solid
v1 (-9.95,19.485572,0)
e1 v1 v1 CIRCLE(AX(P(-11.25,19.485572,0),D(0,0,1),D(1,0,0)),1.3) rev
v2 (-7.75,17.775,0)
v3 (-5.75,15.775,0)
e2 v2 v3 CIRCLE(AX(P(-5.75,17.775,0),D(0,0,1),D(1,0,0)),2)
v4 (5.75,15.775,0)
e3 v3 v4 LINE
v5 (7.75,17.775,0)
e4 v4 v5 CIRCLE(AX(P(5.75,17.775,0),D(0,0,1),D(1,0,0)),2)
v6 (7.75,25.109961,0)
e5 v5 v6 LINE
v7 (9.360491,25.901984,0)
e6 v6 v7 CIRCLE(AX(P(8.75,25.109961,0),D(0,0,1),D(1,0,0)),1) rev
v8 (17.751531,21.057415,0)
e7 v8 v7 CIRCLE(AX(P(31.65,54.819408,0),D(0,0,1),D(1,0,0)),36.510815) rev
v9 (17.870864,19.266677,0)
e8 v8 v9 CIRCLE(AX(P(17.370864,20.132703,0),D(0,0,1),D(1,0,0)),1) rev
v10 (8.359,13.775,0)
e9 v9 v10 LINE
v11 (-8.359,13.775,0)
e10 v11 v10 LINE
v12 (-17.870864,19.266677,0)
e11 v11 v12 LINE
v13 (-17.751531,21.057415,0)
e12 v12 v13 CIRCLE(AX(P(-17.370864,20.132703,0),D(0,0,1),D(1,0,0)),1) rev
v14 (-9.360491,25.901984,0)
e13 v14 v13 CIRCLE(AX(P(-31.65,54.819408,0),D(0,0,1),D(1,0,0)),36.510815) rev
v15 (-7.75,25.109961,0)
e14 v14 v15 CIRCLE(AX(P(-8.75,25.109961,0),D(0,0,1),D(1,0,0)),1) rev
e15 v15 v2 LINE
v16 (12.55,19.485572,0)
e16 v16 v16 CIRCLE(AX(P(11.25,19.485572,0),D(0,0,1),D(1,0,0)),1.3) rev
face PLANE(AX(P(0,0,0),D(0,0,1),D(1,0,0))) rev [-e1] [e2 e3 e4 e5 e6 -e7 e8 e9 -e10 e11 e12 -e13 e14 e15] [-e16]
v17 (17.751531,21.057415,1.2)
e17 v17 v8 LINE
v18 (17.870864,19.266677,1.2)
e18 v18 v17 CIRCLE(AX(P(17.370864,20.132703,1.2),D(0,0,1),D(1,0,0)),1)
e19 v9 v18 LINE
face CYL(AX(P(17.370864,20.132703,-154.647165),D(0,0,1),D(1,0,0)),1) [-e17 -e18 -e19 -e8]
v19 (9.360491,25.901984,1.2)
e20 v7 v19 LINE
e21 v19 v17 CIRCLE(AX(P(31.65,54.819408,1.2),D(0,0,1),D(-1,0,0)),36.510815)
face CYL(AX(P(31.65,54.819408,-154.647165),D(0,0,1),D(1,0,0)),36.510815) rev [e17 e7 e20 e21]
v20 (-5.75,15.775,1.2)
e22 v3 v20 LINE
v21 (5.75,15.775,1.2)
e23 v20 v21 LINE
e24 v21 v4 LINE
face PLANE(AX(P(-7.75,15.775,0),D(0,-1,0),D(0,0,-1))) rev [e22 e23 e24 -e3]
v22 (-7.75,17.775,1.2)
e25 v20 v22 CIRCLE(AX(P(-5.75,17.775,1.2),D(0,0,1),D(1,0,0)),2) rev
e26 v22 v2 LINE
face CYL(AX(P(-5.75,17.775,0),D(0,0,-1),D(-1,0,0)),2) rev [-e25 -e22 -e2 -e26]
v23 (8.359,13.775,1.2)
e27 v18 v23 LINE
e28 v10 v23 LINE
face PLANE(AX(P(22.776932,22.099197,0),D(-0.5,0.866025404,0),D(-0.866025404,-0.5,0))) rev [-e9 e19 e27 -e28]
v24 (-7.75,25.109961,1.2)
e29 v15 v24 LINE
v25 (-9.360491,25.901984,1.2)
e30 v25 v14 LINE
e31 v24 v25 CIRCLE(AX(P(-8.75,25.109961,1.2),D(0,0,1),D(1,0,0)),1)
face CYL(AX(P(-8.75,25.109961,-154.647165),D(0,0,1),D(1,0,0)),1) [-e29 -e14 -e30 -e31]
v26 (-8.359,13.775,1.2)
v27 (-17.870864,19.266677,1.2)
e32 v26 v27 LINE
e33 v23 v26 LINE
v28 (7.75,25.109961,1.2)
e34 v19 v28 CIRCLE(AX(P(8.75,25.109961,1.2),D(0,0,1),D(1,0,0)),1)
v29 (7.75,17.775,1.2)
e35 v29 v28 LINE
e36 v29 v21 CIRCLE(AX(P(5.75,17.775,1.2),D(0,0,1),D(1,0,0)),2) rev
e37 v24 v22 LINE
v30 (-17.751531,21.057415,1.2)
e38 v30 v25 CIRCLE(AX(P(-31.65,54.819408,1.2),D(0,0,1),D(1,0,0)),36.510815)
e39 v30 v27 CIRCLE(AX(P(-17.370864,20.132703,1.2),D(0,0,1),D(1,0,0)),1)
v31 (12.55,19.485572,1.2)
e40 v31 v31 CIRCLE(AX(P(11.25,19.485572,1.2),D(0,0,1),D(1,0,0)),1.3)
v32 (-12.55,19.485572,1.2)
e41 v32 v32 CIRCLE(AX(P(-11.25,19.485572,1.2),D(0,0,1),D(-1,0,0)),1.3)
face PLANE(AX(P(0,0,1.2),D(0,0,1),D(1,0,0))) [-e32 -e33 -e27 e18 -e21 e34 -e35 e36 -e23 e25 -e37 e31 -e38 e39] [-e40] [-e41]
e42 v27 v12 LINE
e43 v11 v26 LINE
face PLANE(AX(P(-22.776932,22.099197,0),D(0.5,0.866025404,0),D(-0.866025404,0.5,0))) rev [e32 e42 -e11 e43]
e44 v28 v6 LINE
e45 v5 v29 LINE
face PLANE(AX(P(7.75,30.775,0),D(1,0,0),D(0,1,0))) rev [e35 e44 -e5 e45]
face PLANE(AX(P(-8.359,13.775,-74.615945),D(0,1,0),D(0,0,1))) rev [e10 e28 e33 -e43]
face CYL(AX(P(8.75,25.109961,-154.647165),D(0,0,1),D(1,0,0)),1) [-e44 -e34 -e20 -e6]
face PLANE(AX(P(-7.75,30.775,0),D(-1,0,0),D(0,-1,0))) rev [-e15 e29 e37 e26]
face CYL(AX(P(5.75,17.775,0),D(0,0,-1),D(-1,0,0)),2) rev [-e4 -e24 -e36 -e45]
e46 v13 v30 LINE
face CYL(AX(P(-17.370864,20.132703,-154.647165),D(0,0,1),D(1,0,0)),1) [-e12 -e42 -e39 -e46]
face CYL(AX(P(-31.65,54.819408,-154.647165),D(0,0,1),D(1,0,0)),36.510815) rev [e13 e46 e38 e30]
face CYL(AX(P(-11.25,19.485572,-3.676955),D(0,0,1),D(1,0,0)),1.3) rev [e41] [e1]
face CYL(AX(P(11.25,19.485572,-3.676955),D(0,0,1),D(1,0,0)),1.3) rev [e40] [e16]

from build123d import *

# Parameters (mm, degrees)
SKETCH_2_R                       = 28.3
EXTRUDE_1_DEPTH                  = 1.2
CUT_EXTRUDE_1_DEPTH              = 41.04022977
FILLET_1_R                       = 2
FILLET_2_R                       = 0.2
PATTERN_CIRCULAR_2_COUNT         = 6
FILLET_1_OF_PATTERN_CIRCULAR_2_R = 2
FILLET_2_OF_PATTERN_CIRCULAR_2_R = 0.2
SKETCH_4_R                       = 1.25
SKETCH_4_R_2                     = 1.5
CUT_EXTRUDE_2_DEPTH              = 40.283043416
CUT_EXTRUDE_START                = -1.2
CUT_EXTRUDE_4_DEPTH              = 1.2
SKETCH_7_W                       = 2.25
SKETCH_7_H                       = 2.05
EXTRUDE_2_DEPTH                  = 1.2
SKETCH_8_R                       = 1.3
CUT_EXTRUDE_6_DEPTH              = 1.2
CUT_EXTRUDE_7_DEPTH              = 1.2
FILLET_4_R                       = 1


with BuildPart() as part:
    # ｽｹｯﾁ2 → ﾎﾞｽ - 押し出し1 (new body)
    with BuildSketch(Plane.XY):
        Circle(SKETCH_2_R)
    extrude(amount=EXTRUDE_1_DEPTH)

    # ｽｹｯﾁ3 → ｶｯﾄ - 押し出し1 (cut, through all)
    with BuildSketch(Plane.XY.offset(1.2)):
        Polygon((-7.75, 30.775), (7.75, 30.775), (7.75, 24.3), (10, 24.3), (10, 22.25), (7.75, 22.25), (7.75, 15.775), (-7.75, 15.775), (-7.75, 22.25), (-10, 22.25), (-10, 24.3), (-7.75, 24.3), align=None)
    cut_extrude_1 = extrude(amount=-CUT_EXTRUDE_1_DEPTH, mode=Mode.SUBTRACT)

    # ﾌｨﾚｯﾄ1
    fillet_1_edges = [part.edges().sort_by_distance(p)[0] for p in [
        (7.75, 15.775, 0.6),
        (-7.75, 15.775, 0.6),
    ]]
    fillet(fillet_1_edges, radius=FILLET_1_R)

    # ﾌｨﾚｯﾄ2
    fillet_2_edges = [part.edges().sort_by_distance(p)[0] for p in [
        (-10, 22.25, 0.6),
        (-10, 24.3, 0.6),
        (10, 24.3, 0.6),
        (10, 22.25, 0.6),
    ]]
    fillet(fillet_2_edges, radius=FILLET_2_R)

    # 円形ﾊﾟﾀｰﾝ2: ｶｯﾄ - 押し出し1 ×6 about axis
    pattern_circular_2_axis = Axis((0, 0, 0), (0, 0, 1))
    for i in range(1, PATTERN_CIRCULAR_2_COUNT):
        add(cut_extrude_1.rotate(pattern_circular_2_axis, i * 360 / PATTERN_CIRCULAR_2_COUNT), mode=Mode.SUBTRACT)

    # ﾌｨﾚｯﾄ1 of 円形ﾊﾟﾀｰﾝ2
    fillet_1_of_pattern_circular_2_edges = [part.edges().sort_by_distance(p)[0] for p in [
        (-9.786550745, 14.599196879, 0.6),
        (-17.536550745, 1.175803121, 0.6),
        (-17.536550745, -1.175803121, 0.6),
        (-9.786550745, -14.599196879, 0.6),
        (-7.75, -15.775, 0.6),
        (7.75, -15.775, 0.6),
        (9.786550745, -14.599196879, 0.6),
        (17.536550745, -1.175803121, 0.6),
        (17.536550745, 1.175803121, 0.6),
        (9.786550745, 14.599196879, 0.6),
    ]]
    fillet(fillet_1_of_pattern_circular_2_edges, radius=FILLET_1_OF_PATTERN_CIRCULAR_2_R)

    # ﾌｨﾚｯﾄ2 of 円形ﾊﾟﾀｰﾝ2
    fillet_2_of_pattern_circular_2_edges = [part.edges().sort_by_distance(p)[0] for p in [
        (-24.269065234, 2.464745962, 0.6),
        (-26.044417312, 3.489745962, 0.6),
        (-16.044417312, 20.810254038, 0.6),
        (-14.269065234, 19.785254038, 0.6),
        (-14.269065234, -19.785254038, 0.6),
        (-16.044417312, -20.810254038, 0.6),
        (-26.044417312, -3.489745962, 0.6),
        (-24.269065234, -2.464745962, 0.6),
        (10, -22.25, 0.6),
        (10, -24.3, 0.6),
        (-10, -24.3, 0.6),
        (-10, -22.25, 0.6),
        (24.269065234, -2.464745962, 0.6),
        (26.044417312, -3.489745962, 0.6),
        (16.044417312, -20.810254038, 0.6),
        (14.269065234, -19.785254038, 0.6),
        (14.269065234, 19.785254038, 0.6),
        (16.044417312, 20.810254038, 0.6),
        (26.044417312, 3.489745962, 0.6),
        (24.269065234, 2.464745962, 0.6),
    ]]
    fillet(fillet_2_of_pattern_circular_2_edges, radius=FILLET_2_OF_PATTERN_CIRCULAR_2_R)

    # ｽｹｯﾁ4 → ｶｯﾄ - 押し出し2 (cut, through all)
    with BuildSketch(Plane.XY.offset(1.2)):
        with Locations((11.25, -19.485571585)):
            Circle(SKETCH_4_R)
        with Locations((11.25, -58.456714755)):
            Circle(SKETCH_4_R)
        with Locations((-22.5, -77.942286341)):
            Circle(SKETCH_4_R)
        with Locations((-56.25, -58.456714755)):
            Circle(SKETCH_4_R)
        with Locations((-56.25, -19.485571585)):
            Circle(SKETCH_4_R)
        with Locations((-22.5, 0)):
            Circle(SKETCH_4_R)
        with Locations((5.5, -9.526279442)):
            Circle(SKETCH_4_R_2)
        with Locations((-11, 0)):
            Circle(SKETCH_4_R_2)
        with Locations((5.5, 9.526279442)):
            Circle(SKETCH_4_R_2)
    extrude(amount=-CUT_EXTRUDE_2_DEPTH, mode=Mode.SUBTRACT)

    # ｽｹｯﾁ5 → ｶｯﾄ - 押し出し4 (cut)
    with BuildSketch(Plane.XY.offset(1.2).offset(CUT_EXTRUDE_START)):
        with BuildLine():
            Line((-19.69660633, 20.320770139), (-8.358999874, 13.775))
            Line((-8.358999874, 13.775), (8.358999874, 13.775))
            Line((8.358999874, 13.775), (19.69660633, 20.320770139))
            ThreePointArc((19.69660633, 20.320770139), (0, -28.3), (-19.69660633, 20.320770139))
        make_face()
    extrude(amount=CUT_EXTRUDE_4_DEPTH, mode=Mode.SUBTRACT)

    # ｽｹｯﾁ7 → ﾎﾞｽ - 押し出し2 (add)
    with BuildSketch(Plane.XY.offset(1.2)):
        Polygon((-17.169417312, 18.861696879), (-16.044417312, 20.810254038), (-14.269065234, 19.785254038), (-15.394065234, 17.836696879), align=None)
        Polygon((17.169417312, 18.861696879), (15.394065234, 17.836696879), (14.269065234, 19.785254038), (16.044417312, 20.810254038), align=None)
        with Locations((-8.875, 23.275)):
            Rectangle(SKETCH_7_W, SKETCH_7_H)
        with Locations((8.875, 23.275)):
            Rectangle(SKETCH_7_W, SKETCH_7_H)
    extrude(amount=-EXTRUDE_2_DEPTH)

    # ｽｹｯﾁ8 → ｶｯﾄ - 押し出し6 (cut)
    with BuildSketch(Plane.XY.offset(1.2)):
        with Locations((11.25, 19.485571585)):
            Circle(SKETCH_8_R)
        with Locations((-11.25, 19.485571585)):
            Circle(SKETCH_8_R)
    extrude(amount=-CUT_EXTRUDE_6_DEPTH, mode=Mode.SUBTRACT)

    # ｽｹｯﾁ9 → ｶｯﾄ - 押し出し7 (cut)
    with BuildSketch(Plane.XY.offset(1.2)):
        with BuildLine():
            ThreePointArc((0, 73.021527127), (68.160815364, 54.81940806), (0, 36.617288992))
            ThreePointArc((0, 36.617288992), (-68.160815364, 54.81940806), (0, 73.021527127))
        make_face()
    extrude(amount=-CUT_EXTRUDE_7_DEPTH, mode=Mode.SUBTRACT)

    # ﾌｨﾚｯﾄ4
    fillet_4_edges = [part.edges().sort_by_distance(p)[0] for p in [
        (19.69660633, 20.320770139, 0.6),
        (-19.69660633, 20.320770139, 0.6),
        (-7.75, 27.21814652, 0.6),
        (7.75, 27.21814652, 0.6),
    ]]
    fillet(fillet_4_edges, radius=FILLET_4_R)


solid = part.part
